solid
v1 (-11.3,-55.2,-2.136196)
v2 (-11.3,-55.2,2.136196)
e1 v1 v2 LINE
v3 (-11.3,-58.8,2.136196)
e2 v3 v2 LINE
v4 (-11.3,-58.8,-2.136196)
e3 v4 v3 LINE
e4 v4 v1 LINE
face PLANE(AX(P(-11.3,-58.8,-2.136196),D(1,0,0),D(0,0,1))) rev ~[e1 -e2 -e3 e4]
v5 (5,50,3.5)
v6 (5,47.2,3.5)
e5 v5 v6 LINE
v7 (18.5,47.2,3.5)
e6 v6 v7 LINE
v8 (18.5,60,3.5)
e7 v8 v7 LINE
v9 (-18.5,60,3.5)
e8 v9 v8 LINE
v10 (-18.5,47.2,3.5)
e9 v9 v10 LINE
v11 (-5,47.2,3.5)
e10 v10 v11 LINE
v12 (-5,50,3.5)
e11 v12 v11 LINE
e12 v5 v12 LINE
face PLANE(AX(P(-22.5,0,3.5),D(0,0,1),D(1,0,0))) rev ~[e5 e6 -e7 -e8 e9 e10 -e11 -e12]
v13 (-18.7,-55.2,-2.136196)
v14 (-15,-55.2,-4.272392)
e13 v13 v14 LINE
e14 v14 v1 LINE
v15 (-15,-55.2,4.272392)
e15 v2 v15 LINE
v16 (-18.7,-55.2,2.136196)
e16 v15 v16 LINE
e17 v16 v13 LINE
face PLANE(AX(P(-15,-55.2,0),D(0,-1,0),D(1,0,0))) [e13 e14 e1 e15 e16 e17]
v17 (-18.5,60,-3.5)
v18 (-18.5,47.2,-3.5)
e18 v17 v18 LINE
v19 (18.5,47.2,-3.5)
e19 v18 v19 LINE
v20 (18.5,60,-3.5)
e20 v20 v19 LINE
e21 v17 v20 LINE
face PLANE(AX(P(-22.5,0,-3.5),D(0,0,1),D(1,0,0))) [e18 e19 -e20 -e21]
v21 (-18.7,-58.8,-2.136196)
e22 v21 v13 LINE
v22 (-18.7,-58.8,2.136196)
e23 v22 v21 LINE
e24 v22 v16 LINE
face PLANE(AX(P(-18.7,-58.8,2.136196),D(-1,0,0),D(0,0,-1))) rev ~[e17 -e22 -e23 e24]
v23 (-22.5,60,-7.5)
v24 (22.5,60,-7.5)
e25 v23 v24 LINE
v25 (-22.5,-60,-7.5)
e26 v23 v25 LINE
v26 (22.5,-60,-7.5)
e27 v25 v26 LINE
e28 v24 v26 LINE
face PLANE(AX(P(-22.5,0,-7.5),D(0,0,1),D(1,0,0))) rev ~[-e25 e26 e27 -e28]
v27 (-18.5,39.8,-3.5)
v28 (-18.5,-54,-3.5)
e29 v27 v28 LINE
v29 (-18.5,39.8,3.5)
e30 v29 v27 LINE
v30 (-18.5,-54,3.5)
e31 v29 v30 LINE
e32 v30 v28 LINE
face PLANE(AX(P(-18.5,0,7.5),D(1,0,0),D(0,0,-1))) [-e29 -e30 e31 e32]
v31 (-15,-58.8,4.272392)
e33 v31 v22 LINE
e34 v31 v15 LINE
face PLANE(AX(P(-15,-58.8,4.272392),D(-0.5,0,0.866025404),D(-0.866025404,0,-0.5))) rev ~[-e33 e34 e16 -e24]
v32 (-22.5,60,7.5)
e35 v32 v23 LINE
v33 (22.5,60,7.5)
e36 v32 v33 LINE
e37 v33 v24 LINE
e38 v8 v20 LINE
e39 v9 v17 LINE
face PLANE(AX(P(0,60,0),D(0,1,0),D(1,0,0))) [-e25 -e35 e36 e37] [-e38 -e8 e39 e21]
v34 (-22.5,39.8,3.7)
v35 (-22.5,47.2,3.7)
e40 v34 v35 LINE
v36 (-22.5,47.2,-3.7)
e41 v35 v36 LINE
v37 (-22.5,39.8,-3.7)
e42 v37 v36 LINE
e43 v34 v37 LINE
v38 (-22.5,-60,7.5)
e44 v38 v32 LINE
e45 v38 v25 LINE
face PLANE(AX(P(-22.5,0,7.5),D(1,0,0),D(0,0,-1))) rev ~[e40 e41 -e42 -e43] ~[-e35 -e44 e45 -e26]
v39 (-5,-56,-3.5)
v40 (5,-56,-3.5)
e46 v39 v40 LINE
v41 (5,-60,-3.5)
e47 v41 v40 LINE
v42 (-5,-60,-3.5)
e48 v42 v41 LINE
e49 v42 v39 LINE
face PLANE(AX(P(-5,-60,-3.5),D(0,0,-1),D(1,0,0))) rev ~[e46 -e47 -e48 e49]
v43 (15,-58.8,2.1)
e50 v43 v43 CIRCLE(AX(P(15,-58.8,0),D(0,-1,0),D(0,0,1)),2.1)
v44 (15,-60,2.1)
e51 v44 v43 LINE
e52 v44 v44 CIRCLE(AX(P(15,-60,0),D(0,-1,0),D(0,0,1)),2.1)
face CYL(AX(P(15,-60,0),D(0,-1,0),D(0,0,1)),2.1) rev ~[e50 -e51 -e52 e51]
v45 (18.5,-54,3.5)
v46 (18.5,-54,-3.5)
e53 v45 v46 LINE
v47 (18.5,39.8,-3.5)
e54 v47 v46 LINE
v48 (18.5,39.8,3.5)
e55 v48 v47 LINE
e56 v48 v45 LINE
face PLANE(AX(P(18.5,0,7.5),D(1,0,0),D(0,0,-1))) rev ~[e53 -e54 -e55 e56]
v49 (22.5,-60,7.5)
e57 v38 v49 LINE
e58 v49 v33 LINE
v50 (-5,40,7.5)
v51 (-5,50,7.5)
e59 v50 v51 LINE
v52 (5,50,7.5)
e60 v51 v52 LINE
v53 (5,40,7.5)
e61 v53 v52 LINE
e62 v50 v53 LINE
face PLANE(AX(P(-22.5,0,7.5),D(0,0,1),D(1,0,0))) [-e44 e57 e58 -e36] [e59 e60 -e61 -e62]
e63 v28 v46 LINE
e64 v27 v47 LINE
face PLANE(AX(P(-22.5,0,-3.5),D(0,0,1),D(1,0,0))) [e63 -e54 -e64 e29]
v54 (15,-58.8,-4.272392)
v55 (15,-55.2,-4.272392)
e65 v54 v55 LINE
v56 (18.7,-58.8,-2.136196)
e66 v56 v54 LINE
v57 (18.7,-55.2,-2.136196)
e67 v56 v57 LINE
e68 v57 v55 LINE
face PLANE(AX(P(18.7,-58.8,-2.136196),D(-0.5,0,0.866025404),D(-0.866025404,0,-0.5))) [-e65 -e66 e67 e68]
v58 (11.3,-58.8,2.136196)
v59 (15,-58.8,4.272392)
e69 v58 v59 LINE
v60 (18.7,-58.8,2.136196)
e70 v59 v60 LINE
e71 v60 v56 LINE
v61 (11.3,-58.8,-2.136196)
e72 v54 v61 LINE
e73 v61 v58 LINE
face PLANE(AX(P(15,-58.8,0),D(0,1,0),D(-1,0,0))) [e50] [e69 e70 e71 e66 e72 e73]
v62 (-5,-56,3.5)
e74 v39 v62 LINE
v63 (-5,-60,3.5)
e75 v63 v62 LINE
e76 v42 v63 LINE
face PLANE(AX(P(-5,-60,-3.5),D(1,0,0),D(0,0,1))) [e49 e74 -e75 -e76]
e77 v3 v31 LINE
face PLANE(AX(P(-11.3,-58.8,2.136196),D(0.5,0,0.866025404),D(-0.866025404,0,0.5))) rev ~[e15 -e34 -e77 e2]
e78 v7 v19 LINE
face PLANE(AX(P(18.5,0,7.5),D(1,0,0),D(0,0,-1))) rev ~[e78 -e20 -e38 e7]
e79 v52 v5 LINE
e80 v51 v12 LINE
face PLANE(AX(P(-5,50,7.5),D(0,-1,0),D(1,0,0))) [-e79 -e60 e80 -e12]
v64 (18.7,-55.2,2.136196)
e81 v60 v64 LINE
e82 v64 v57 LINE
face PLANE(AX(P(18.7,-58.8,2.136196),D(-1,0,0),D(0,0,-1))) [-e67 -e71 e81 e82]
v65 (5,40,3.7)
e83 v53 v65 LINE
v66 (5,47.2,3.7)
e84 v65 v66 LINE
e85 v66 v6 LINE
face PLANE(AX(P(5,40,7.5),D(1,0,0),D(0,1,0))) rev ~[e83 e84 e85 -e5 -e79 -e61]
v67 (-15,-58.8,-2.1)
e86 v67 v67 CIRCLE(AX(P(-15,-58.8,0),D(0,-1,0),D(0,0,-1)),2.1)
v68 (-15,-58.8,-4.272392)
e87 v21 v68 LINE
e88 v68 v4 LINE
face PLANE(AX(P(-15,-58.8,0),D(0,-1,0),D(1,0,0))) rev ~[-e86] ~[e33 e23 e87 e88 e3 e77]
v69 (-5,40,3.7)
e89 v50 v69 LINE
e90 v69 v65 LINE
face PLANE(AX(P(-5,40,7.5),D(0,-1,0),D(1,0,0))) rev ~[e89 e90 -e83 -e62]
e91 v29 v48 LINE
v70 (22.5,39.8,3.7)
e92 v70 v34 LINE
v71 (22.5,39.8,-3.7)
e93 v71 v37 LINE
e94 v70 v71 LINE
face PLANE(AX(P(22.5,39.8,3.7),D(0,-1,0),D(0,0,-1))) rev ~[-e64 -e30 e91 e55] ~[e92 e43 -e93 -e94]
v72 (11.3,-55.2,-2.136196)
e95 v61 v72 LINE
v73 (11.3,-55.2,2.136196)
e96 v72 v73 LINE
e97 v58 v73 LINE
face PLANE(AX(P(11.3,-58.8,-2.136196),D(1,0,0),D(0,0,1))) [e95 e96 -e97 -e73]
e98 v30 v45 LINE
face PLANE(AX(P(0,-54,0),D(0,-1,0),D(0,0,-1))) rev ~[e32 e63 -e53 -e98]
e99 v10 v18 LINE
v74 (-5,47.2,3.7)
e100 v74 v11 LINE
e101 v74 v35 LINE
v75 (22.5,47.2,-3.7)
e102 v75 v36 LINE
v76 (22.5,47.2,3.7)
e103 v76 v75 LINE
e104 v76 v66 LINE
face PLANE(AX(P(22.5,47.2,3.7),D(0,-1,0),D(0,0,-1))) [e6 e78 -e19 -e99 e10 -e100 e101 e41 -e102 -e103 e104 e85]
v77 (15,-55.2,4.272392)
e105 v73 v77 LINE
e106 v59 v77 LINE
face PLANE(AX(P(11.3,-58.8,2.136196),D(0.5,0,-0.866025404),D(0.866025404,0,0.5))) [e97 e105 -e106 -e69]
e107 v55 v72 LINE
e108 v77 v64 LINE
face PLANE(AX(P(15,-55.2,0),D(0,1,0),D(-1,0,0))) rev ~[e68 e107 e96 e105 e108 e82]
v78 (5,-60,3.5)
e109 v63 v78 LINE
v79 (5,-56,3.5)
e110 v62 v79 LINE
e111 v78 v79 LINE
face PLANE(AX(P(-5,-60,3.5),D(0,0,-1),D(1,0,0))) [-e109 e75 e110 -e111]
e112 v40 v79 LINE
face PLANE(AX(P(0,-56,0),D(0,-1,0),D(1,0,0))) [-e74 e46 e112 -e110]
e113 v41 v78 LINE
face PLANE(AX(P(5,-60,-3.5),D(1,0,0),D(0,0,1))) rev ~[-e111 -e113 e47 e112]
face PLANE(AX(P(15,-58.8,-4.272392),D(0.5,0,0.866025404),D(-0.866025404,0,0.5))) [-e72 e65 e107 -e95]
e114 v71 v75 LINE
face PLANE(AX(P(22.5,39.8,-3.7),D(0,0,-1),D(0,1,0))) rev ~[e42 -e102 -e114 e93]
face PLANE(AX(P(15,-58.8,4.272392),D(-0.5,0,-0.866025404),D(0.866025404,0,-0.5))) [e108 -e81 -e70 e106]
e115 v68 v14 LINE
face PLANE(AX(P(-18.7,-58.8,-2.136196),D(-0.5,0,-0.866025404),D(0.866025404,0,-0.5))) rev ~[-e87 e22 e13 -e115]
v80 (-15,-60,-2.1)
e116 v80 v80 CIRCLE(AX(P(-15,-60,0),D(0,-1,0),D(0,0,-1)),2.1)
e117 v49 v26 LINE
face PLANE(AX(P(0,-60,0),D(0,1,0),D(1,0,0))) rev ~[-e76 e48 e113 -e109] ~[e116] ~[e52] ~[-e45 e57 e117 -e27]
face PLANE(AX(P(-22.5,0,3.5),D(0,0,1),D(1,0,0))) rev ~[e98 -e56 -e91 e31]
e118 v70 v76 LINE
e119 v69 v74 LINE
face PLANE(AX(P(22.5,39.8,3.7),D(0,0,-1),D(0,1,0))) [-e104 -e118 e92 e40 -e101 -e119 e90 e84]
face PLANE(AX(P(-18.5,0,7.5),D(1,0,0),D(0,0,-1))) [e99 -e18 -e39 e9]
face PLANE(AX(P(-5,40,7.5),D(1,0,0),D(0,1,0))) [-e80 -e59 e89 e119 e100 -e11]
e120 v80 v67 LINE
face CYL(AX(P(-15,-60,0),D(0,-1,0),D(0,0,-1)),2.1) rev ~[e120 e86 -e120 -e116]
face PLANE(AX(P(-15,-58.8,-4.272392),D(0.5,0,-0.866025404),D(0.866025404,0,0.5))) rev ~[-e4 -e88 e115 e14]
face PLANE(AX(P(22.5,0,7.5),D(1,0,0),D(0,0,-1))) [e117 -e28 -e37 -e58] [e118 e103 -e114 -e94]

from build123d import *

# Parameters (mm, degrees)
SKETCH1_W                 = 45
SKETCH1_H                 = 15
BOSS_EXTRUDE1_DEPTH       = 60
SHELL1_T                  = -4
SHELL1_THICKNESS_2_FACE_W = 7
SHELL1_THICKNESS_2_FACE_H = 37
SHELL1_THICKNESS_2_DEPTH  = 2
SKETCH3_W                 = 10
SKETCH3_H                 = 7
CUT_EXTRUDE2_DEPTH        = 4
CUT_EXTRUDE3_REACH        = 67.812
SKETCH4_W                 = 10
SKETCH4_H                 = 10
SKETCH5_W                 = 7.4
SKETCH5_H                 = 7.4
CUT_EXTRUDE4_DEPTH        = 76.374067158
CUT_EXTRUDE5_START        = -1.2
CUT_EXTRUDE5_DEPTH        = 3.6
CUT_EXTRUDE6_REACH        = 124.321
SKETCH7_R                 = 2.1


with BuildPart() as part:
    # Sketch1 → Boss-Extrude1 (new, symmetric)
    with BuildSketch(Plane(origin=(0, 0, 0), x_dir=(1, 0, 0), z_dir=(0, 1, 0))):
        Rectangle(SKETCH1_W, SKETCH1_H)
    extrude(amount=BOSS_EXTRUDE1_DEPTH, both=True)

    # Shell1
    shell1_openings = [part.faces().sort_by_distance(p)[0] for p in [
        (0, 60, 0),
    ]]
    offset(amount=SHELL1_T, openings=shell1_openings, kind=Kind.INTERSECTION)

    # Shell1 thickness 2 face (on inner face of the shell) → Shell1 thickness 2 (add)
    with BuildSketch(Plane(origin=(0, -56, 0), x_dir=(0, 0, -1), z_dir=(0, -1, 0))):
        Rectangle(SHELL1_THICKNESS_2_FACE_W, SHELL1_THICKNESS_2_FACE_H)
    extrude(amount=-SHELL1_THICKNESS_2_DEPTH)

    # Sketch3 → Cut-Extrude2 (cut)
    with BuildSketch(Plane.XZ.offset(60)):
        Rectangle(SKETCH3_W, SKETCH3_H)
    extrude(amount=-CUT_EXTRUDE2_DEPTH, mode=Mode.SUBTRACT)

    # Sketch4 → Cut-Extrude3 (cut, up to next)
    with BuildSketch(Plane.XY.offset(7.5), mode=Mode.PRIVATE) as cut_extrude3_sk1:
        with Locations((0, 45)):
            Rectangle(SKETCH4_W, SKETCH4_H)
    cut_extrude3_tool1 = extrude(cut_extrude3_sk1.sketch, amount=-CUT_EXTRUDE3_REACH, mode=Mode.PRIVATE) & part.part
    add(cut_extrude3_tool1.solids().sort_by_distance((0, 45, 7.5))[0], mode=Mode.SUBTRACT)

    # Sketch5 → Cut-Extrude4 (cut, through all)
    with BuildSketch(Plane(origin=(22.5, 0, 0), x_dir=(0, 0, -1), z_dir=(1, 0, 0))):
        with Locations((0, 43.5)):
            Rectangle(SKETCH5_W, SKETCH5_H)
    extrude(amount=-CUT_EXTRUDE4_DEPTH, mode=Mode.SUBTRACT)

    # Sketch6 → Cut-Extrude5 (cut)
    with BuildSketch(Plane.XZ.offset(60).offset(CUT_EXTRUDE5_START)):
        Polygon((-15, 4.272391992), (-18.7, 2.136195996), (-18.7, -2.136195996), (-15, -4.272391992), (-11.3, -2.136195996), (-11.3, 2.136195996), align=None)
        Polygon((11.3, 2.136195996), (15, 4.272391992), (18.7, 2.136195996), (18.7, -2.136195996), (15, -4.272391992), (11.3, -2.136195996), align=None)
    extrude(amount=-CUT_EXTRUDE5_DEPTH, mode=Mode.SUBTRACT)

    # Sketch7 → Cut-Extrude6 (cut, up to next)
    with BuildSketch(Plane.XZ.offset(60), mode=Mode.PRIVATE) as cut_extrude6_sk1:
        with Locations(Location((-15, 0, 0), (0, 0, 270))):
            Circle(SKETCH7_R)
    cut_extrude6_tool1 = extrude(cut_extrude6_sk1.sketch, amount=-CUT_EXTRUDE6_REACH, mode=Mode.PRIVATE) & part.part
    # Sketch7 → Cut-Extrude6 (cut, up to next)
    with BuildSketch(Plane.XZ.offset(60), mode=Mode.PRIVATE) as cut_extrude6_sk2:
        with Locations(Location((15, 0, 0), (0, 0, 90))):
            Circle(SKETCH7_R)
    cut_extrude6_tool2 = extrude(cut_extrude6_sk2.sketch, amount=-CUT_EXTRUDE6_REACH, mode=Mode.PRIVATE) & part.part
    add(cut_extrude6_tool1.solids().sort_by_distance((-15, -60, 0))[0], mode=Mode.SUBTRACT)
    add(cut_extrude6_tool2.solids().sort_by_distance((15, -60, 0))[0], mode=Mode.SUBTRACT)


solid = part.part
